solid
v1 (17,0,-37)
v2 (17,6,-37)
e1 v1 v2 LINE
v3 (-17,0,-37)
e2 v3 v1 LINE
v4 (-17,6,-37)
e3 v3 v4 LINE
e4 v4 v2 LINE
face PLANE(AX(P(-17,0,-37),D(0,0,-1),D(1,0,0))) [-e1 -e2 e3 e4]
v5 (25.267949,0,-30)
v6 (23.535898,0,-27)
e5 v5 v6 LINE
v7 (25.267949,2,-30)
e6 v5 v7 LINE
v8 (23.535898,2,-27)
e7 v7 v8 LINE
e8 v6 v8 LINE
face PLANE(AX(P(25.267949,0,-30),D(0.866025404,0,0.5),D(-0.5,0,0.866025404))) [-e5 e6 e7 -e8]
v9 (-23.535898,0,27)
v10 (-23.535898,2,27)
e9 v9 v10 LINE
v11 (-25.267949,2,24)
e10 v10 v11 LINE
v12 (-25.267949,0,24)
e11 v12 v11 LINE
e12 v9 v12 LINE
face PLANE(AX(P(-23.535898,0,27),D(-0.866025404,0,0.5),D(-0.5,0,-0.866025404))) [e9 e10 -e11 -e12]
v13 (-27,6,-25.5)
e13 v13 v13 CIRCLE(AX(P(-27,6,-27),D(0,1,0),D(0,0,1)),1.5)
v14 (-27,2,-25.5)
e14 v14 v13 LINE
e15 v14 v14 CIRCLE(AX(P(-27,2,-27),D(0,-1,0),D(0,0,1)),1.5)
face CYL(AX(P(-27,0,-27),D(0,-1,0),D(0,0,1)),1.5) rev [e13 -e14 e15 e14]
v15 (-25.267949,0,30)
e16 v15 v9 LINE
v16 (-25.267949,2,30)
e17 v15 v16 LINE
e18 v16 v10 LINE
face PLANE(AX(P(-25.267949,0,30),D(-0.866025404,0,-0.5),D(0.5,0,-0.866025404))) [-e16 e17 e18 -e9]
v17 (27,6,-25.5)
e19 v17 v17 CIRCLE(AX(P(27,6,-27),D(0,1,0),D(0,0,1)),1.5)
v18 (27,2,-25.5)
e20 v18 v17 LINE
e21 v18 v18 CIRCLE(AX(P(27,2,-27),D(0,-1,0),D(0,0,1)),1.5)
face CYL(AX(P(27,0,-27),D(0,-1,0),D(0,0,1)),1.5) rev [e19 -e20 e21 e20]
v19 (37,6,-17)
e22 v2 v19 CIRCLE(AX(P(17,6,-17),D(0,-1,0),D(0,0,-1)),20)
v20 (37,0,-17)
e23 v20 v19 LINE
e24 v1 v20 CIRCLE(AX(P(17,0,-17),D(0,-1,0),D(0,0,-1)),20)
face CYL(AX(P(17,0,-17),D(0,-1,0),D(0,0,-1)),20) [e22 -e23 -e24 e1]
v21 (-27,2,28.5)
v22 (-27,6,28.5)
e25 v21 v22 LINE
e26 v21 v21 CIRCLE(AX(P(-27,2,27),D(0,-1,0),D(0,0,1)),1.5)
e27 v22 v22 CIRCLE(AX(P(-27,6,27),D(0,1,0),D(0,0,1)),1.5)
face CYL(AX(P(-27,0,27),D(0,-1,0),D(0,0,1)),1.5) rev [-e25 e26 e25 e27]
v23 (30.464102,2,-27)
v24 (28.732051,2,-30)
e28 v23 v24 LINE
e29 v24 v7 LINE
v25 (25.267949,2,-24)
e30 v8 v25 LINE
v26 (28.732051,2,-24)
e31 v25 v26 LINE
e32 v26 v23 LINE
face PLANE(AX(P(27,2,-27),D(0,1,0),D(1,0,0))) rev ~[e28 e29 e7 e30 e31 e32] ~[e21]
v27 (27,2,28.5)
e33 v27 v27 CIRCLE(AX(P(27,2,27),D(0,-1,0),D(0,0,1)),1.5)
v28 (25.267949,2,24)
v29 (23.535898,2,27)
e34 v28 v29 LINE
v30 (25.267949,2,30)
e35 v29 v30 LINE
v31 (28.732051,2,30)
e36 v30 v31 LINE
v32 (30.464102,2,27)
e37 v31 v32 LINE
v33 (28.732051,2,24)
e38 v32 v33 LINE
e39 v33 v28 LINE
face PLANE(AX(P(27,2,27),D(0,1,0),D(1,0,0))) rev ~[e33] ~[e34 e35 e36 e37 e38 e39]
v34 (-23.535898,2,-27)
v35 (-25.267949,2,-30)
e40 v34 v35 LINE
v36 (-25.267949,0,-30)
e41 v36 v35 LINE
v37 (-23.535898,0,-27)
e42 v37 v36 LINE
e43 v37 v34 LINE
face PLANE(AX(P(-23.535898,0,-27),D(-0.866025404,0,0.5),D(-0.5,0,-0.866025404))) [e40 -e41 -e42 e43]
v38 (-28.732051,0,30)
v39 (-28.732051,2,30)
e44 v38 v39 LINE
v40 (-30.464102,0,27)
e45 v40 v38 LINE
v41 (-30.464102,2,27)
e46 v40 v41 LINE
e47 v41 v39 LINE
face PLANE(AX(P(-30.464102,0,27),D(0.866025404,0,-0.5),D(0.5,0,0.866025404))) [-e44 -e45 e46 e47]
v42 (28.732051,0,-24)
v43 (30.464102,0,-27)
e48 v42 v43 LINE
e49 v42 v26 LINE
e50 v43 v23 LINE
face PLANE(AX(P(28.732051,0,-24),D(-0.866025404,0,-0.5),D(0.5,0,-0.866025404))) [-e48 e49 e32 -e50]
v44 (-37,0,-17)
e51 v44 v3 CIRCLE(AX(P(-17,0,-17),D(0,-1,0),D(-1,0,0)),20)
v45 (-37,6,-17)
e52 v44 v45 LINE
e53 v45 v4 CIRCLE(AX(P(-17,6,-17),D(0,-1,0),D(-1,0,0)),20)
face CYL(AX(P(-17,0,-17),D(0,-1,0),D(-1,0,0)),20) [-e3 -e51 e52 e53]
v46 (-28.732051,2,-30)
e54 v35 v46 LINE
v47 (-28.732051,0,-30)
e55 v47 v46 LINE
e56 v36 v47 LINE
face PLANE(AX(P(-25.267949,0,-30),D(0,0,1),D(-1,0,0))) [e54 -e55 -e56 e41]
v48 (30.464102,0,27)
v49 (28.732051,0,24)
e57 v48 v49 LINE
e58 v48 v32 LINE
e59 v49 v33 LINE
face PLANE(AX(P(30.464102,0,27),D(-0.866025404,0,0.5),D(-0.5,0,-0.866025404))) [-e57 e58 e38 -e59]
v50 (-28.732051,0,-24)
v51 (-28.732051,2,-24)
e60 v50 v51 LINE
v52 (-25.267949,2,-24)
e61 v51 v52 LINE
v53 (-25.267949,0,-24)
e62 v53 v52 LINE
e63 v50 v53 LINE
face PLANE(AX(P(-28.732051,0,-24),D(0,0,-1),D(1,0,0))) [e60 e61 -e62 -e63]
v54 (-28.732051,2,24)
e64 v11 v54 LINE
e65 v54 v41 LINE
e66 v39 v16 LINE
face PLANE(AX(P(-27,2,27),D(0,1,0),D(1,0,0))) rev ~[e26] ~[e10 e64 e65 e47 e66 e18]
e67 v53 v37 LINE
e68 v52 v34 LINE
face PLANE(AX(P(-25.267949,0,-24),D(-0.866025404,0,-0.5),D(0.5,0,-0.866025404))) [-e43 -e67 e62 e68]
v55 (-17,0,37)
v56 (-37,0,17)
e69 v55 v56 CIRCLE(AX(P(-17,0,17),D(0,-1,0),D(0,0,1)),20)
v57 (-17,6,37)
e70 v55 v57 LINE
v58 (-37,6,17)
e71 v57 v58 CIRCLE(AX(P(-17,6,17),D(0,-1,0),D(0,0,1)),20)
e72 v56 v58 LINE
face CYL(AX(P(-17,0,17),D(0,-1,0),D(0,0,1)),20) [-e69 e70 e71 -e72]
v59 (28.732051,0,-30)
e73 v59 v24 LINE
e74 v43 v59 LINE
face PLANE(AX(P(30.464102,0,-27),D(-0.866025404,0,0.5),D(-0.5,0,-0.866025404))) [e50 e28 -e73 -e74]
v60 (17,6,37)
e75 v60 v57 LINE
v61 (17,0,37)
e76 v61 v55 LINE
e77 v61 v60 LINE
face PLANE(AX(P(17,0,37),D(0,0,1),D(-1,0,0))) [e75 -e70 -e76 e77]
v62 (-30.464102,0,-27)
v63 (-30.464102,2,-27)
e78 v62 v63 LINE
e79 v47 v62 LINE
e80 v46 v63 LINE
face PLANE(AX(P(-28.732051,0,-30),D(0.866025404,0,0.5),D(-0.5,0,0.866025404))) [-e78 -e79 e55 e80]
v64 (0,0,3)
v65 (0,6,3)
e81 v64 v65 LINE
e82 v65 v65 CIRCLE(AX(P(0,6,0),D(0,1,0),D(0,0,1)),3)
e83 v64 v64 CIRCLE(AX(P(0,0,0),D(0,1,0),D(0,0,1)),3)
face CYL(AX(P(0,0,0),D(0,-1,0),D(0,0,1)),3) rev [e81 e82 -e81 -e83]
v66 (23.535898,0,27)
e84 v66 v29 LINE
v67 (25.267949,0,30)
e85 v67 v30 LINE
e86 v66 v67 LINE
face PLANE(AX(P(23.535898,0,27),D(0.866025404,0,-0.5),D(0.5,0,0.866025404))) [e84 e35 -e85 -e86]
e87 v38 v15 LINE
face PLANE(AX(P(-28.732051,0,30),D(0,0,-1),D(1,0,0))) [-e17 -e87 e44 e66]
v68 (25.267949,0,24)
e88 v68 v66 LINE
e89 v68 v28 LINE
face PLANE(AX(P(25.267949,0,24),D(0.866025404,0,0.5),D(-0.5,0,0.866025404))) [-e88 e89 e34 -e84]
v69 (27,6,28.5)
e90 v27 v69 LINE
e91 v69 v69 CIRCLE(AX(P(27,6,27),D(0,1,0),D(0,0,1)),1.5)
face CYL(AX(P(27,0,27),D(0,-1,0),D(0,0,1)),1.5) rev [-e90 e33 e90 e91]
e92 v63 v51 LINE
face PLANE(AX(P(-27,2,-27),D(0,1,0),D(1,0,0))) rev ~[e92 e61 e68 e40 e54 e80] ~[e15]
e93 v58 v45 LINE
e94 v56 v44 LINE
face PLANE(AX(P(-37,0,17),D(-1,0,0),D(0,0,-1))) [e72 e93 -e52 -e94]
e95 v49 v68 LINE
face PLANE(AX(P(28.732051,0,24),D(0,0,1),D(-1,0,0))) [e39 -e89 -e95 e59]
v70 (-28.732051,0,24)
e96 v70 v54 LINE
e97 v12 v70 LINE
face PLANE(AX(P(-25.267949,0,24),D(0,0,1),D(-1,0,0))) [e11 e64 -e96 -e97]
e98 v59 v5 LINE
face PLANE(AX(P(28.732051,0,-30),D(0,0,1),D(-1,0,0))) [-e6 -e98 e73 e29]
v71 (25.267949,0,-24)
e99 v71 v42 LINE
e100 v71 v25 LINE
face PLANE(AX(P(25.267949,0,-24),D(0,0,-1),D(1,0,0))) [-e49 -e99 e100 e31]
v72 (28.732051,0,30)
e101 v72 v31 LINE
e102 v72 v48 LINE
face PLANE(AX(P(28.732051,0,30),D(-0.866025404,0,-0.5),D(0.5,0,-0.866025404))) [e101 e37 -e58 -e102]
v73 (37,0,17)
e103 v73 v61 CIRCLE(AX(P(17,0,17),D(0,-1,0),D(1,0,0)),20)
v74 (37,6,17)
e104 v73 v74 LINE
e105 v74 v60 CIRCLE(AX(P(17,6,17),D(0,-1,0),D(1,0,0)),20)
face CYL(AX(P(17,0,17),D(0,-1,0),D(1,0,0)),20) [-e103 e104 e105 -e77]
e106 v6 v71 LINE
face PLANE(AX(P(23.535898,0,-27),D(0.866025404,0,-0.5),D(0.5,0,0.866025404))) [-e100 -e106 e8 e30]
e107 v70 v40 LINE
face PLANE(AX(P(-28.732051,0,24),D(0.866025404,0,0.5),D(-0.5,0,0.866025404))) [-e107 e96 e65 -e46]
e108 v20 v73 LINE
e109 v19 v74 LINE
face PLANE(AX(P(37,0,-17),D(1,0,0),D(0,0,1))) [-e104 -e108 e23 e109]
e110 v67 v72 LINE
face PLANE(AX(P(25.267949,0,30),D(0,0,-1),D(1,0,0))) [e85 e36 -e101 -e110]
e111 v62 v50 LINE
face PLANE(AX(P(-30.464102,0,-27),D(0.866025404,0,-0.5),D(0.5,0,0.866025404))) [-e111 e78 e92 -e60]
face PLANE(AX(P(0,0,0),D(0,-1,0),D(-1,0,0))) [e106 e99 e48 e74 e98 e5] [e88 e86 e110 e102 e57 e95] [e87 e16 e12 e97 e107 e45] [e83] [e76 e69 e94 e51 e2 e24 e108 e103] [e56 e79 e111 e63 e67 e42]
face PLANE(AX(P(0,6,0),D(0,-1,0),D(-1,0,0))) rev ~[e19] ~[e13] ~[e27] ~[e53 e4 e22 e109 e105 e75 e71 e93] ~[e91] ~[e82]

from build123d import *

# Parameters (mm, degrees)
EXTRUDE_1_DEPTH     = 6
SKETCH_2_R          = 1.5
SKETCH_2_R_2        = 3
CUT_EXTRUDE_1_DEPTH = 6
CUT_EXTRUDE_2_DEPTH = 2


with BuildPart() as part:
    # Эскиз1 → Бобышка-Вытянуть1 (new body)
    with BuildSketch(Plane(origin=(0, 0, 0), x_dir=(1, 0, 0), z_dir=(0, 1, 0))):
        with BuildLine():
            Line((17, -37), (-17, -37))
            ThreePointArc((-17, -37), (-31.142135624, -31.142135624), (-37, -17))
            Line((-37, -17), (-37, 17))
            ThreePointArc((-37, 17), (-31.142135624, 31.142135624), (-17, 37))
            Line((-17, 37), (17, 37))
            ThreePointArc((17, 37), (31.142135624, 31.142135624), (37, 17))
            Line((37, 17), (37, -17))
            ThreePointArc((37, -17), (31.142135624, -31.142135624), (17, -37))
        make_face()
    extrude(amount=EXTRUDE_1_DEPTH)

    # Эскиз2 → Вырез-Вытянуть1 (cut)
    with BuildSketch(Plane(origin=(0, 0, 0), x_dir=(1, 0, 0), z_dir=(0, 1, 0))):
        with Locations(Location((-27, 27, 0), (0, 0, 270))):
            Circle(SKETCH_2_R)
        with Locations(Location((27, 27, 0), (0, 0, 270))):
            Circle(SKETCH_2_R)
        with Locations(Location((27, -27, 0), (0, 0, 270))):
            Circle(SKETCH_2_R)
        with Locations(Location((-27, -27, 0), (0, 0, 270))):
            Circle(SKETCH_2_R)
        with Locations(Location((0, 0, 0), (0, 0, 270))):
            Circle(SKETCH_2_R_2)
    extrude(amount=CUT_EXTRUDE_1_DEPTH, mode=Mode.SUBTRACT)

    # Эскиз3 → Вырез-Вытянуть2 (cut)
    with BuildSketch(Plane(origin=(0, 0, 0), x_dir=(1, 0, 0), z_dir=(0, 1, 0))):
        Polygon((-28.732050808, 30), (-30.464101615, 27), (-28.732050808, 24), (-25.267949192, 24), (-23.535898385, 27), (-25.267949192, 30), align=None)
        Polygon((25.267949192, 30), (23.535898385, 27), (25.267949192, 24), (28.732050808, 24), (30.464101615, 27), (28.732050808, 30), align=None)
        Polygon((25.267949192, -24), (23.535898385, -27), (25.267949192, -30), (28.732050808, -30), (30.464101615, -27), (28.732050808, -24), align=None)
        Polygon((-28.732050808, -24), (-30.464101615, -27), (-28.732050808, -30), (-25.267949192, -30), (-23.535898385, -27), (-25.267949192, -24), align=None)
    extrude(amount=CUT_EXTRUDE_2_DEPTH, mode=Mode.SUBTRACT)


solid = part.part
